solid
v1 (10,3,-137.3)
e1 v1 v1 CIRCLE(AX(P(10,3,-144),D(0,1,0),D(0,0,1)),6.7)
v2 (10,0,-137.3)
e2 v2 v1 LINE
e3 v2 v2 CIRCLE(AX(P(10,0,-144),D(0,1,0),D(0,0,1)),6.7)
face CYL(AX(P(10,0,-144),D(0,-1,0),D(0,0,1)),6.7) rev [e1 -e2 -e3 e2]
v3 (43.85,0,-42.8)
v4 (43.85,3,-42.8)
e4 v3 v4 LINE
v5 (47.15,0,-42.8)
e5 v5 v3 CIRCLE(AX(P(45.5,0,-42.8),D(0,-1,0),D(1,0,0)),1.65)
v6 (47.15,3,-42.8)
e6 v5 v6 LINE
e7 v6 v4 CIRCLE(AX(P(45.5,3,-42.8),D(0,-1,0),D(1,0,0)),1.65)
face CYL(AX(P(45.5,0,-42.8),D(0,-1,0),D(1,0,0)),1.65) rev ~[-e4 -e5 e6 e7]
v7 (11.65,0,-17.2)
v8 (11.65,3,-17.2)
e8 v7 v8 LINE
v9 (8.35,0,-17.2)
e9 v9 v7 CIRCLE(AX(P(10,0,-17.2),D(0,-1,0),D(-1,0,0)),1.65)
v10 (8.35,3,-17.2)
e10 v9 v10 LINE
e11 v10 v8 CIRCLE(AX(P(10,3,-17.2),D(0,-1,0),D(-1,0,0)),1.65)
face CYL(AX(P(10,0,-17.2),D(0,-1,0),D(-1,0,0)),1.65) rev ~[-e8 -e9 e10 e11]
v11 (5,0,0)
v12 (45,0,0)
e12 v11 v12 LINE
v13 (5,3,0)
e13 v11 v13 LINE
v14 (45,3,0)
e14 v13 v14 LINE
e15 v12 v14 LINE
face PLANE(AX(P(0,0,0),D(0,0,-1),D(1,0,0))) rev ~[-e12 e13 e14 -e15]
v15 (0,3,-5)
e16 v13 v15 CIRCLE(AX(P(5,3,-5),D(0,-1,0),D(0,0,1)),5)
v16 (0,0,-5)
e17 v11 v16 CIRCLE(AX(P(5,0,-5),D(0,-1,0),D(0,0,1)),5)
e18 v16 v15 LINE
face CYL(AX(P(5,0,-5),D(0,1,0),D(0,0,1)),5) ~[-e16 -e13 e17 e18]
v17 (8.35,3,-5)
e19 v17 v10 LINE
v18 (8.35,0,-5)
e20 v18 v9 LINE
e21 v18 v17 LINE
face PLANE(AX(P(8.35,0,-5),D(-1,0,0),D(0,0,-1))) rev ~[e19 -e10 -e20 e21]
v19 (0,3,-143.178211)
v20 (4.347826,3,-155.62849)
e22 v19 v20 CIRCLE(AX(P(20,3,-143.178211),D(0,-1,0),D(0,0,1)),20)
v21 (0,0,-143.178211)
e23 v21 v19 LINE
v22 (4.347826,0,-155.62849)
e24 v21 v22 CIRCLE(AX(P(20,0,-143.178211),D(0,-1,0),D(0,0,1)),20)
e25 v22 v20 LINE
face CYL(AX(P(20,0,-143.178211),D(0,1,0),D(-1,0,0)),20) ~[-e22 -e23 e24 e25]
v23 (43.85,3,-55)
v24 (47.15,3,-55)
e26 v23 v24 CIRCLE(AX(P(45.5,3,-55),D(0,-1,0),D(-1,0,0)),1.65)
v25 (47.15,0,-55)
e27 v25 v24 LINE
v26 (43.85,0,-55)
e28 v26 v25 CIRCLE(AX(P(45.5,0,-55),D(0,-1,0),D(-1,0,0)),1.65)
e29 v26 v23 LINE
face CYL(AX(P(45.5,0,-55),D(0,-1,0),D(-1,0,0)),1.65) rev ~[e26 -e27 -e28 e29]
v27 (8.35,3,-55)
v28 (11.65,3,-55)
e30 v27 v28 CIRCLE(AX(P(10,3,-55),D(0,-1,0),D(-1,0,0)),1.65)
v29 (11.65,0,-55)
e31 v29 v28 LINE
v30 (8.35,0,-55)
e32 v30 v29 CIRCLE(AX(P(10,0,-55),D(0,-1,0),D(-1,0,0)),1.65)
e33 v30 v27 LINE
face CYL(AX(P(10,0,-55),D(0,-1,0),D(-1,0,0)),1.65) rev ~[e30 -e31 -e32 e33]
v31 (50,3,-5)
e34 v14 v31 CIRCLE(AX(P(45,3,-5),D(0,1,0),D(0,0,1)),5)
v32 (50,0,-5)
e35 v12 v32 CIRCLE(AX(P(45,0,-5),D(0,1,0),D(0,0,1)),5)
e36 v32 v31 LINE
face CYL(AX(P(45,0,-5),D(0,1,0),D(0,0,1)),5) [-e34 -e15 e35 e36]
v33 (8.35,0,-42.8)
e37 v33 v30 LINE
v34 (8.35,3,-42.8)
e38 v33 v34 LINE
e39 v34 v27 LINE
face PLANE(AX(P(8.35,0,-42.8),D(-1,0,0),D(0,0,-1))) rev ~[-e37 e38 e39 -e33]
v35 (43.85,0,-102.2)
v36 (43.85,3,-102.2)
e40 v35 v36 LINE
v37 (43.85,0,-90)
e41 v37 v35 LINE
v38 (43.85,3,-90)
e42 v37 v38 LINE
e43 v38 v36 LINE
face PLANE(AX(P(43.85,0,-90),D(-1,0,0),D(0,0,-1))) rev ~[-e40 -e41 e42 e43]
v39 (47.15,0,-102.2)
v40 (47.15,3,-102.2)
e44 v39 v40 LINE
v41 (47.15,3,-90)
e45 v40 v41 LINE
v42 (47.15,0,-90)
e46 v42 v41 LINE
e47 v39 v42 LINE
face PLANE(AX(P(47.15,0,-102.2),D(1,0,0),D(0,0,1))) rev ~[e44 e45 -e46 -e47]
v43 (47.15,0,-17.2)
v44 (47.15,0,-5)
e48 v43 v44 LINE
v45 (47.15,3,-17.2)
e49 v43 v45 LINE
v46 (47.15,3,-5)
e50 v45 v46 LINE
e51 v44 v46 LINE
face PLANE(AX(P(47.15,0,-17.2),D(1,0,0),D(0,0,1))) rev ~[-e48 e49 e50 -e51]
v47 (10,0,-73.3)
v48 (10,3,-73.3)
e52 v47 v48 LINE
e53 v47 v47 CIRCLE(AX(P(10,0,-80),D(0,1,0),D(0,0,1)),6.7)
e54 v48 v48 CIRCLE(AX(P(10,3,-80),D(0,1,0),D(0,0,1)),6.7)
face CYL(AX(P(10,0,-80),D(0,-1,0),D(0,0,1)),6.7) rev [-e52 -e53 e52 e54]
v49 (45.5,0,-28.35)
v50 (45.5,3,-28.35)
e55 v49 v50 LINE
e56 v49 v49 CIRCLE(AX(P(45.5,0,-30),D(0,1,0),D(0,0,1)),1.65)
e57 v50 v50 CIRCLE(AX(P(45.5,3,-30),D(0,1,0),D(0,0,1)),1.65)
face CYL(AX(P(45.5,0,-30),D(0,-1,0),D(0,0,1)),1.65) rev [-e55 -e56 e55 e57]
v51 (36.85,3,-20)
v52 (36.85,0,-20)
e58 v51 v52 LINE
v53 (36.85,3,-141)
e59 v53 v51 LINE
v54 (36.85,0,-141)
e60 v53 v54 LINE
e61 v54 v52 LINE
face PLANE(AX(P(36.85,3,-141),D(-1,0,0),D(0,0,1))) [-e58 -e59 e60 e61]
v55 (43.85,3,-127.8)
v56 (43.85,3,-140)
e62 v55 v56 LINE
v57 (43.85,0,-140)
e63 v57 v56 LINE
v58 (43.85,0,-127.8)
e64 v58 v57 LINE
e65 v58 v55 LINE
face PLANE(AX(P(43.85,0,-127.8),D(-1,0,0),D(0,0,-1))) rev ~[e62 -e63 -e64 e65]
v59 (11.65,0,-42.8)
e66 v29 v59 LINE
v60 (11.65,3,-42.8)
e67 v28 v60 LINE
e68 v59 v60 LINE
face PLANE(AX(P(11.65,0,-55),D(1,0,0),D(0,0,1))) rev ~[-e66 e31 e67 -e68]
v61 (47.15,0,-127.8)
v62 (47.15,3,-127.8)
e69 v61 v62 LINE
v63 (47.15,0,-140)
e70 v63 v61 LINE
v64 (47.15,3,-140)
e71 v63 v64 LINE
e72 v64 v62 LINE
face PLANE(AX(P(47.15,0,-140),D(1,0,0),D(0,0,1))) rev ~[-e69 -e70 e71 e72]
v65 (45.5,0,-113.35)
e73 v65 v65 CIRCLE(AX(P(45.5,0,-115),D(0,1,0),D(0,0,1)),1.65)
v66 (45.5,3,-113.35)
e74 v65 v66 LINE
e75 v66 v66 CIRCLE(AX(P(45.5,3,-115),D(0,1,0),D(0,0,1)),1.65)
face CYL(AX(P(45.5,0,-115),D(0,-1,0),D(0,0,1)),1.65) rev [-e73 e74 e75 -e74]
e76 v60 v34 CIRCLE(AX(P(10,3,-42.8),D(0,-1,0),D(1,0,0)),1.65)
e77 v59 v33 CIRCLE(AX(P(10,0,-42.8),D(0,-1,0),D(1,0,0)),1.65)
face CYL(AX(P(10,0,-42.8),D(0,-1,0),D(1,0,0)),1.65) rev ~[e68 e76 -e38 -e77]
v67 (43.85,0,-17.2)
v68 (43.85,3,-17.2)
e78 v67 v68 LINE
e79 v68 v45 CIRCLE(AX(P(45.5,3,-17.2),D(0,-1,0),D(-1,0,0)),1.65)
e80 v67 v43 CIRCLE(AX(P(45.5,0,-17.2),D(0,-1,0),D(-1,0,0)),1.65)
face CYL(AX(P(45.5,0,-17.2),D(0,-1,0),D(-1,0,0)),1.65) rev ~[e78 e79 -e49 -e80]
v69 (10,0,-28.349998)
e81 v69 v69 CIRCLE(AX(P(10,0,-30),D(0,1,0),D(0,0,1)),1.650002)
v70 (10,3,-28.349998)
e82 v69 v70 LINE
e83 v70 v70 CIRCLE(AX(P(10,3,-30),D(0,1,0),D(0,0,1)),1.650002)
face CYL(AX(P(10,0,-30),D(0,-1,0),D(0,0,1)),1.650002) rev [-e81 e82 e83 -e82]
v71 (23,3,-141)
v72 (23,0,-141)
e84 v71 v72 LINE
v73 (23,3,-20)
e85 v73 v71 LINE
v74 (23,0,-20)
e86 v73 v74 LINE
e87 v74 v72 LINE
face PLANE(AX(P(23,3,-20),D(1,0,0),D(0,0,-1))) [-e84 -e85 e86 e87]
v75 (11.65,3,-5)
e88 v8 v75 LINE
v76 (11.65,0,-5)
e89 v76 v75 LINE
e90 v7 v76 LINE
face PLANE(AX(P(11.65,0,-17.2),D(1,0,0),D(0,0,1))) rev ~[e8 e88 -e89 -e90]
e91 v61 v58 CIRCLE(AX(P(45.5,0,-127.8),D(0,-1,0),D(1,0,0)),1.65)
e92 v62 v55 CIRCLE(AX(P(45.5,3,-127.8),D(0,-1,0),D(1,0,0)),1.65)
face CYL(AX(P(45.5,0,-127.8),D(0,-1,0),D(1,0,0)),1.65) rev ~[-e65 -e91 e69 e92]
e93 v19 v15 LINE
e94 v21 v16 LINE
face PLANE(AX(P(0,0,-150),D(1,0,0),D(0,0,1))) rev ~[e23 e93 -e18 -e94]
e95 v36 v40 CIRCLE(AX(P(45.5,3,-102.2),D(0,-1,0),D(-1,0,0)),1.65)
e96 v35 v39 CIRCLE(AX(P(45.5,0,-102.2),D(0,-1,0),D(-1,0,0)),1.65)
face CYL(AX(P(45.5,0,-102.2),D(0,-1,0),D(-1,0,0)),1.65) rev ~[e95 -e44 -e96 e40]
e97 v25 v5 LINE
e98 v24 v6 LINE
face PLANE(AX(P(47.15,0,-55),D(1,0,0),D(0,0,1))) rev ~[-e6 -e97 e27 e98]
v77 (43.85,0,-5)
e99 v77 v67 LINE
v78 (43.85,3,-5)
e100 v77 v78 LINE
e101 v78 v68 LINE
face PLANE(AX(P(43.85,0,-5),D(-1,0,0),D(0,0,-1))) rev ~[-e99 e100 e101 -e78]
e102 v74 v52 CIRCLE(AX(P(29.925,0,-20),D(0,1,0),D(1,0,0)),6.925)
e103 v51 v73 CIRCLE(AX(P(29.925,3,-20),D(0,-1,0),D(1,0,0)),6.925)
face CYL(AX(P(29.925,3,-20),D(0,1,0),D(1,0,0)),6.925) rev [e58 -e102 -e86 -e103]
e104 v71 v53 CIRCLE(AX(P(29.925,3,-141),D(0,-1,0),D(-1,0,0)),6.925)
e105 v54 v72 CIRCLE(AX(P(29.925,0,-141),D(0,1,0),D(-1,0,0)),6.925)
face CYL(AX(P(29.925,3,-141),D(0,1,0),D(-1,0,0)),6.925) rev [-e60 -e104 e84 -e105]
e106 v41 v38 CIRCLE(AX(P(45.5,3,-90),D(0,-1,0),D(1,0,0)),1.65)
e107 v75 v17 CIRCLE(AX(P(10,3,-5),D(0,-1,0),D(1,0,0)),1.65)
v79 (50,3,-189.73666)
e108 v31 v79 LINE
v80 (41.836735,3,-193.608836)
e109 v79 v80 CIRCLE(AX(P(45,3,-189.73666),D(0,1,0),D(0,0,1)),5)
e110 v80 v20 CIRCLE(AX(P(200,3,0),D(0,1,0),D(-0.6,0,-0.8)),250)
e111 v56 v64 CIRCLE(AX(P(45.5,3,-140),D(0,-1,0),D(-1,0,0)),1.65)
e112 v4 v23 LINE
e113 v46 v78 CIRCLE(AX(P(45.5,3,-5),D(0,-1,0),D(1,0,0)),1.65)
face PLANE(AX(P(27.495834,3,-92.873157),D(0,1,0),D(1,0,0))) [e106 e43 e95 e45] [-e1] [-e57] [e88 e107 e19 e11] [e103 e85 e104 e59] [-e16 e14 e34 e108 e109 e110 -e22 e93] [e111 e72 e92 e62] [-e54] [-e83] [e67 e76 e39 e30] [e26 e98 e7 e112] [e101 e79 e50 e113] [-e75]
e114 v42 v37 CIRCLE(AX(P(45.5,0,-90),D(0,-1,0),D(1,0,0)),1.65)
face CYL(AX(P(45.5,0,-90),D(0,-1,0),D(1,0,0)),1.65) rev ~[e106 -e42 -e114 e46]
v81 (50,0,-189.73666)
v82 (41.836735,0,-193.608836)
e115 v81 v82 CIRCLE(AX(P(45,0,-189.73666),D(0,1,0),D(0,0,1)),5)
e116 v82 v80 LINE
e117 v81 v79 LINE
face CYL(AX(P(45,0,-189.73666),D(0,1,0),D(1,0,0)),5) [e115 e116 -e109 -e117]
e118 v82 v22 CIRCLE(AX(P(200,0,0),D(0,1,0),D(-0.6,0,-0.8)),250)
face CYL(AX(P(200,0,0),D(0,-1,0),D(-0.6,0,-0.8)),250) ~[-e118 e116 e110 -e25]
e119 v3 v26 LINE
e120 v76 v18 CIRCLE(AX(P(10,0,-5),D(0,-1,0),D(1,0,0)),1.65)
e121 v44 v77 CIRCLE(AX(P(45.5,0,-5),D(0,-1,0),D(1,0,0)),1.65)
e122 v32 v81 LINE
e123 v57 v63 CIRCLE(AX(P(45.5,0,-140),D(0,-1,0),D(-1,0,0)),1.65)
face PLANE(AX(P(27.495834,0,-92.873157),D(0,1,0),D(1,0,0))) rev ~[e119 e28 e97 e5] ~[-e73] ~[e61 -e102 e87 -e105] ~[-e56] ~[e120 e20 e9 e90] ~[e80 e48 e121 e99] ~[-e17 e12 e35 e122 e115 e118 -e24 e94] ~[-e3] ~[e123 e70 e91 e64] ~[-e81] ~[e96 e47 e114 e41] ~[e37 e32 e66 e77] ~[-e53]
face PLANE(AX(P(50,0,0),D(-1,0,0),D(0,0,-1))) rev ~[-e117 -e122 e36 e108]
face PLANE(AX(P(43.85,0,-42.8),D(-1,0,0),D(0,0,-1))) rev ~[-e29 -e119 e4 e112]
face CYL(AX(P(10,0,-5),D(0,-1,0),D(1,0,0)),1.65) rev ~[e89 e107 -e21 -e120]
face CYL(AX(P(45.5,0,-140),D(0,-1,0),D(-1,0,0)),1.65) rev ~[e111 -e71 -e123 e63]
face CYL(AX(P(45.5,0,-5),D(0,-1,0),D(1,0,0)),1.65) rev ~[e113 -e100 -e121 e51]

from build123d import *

# Parameters (mm, degrees)
SKETCH_1_R          = 6.7
SKETCH_1_R_2        = 1.650002274
SKETCH_1_R_3        = 1.65
EXTRUDE_1_DEPTH     = 3
FILLET_1_R          = 5
FILLET_2_R          = 20
CUT_EXTRUDE_1_DEPTH = 202.075524607


with BuildPart() as part:
    # 草图1 → 凸台-拉伸1 (new body)
    with BuildSketch(Plane(origin=(0, 0, 0), x_dir=(1, 0, 0), z_dir=(0, 1, 0))):
        with BuildLine():
            Line((0, 0), (50, 0))
            Line((50, 0), (50, 200))
            ThreePointArc((50, 200), (23.223304703, 176.776695297), (0, 150))
            Line((0, 150), (0, 0))
        make_face()
        with Locations(Location((10, 80, 0), (0, 0, 270))):
            Circle(SKETCH_1_R, mode=Mode.SUBTRACT)
        with Locations(Location((10, 144, 0), (0, 0, 270))):
            Circle(SKETCH_1_R, mode=Mode.SUBTRACT)
        with Locations(Location((10, 30, 0), (0, 0, 270))):
            Circle(SKETCH_1_R_2, mode=Mode.SUBTRACT)
        with Locations(Location((45.5, 30, 0), (0, 0, 270))):
            Circle(SKETCH_1_R_3, mode=Mode.SUBTRACT)
        with Locations(Location((45.5, 115, 0), (0, 0, 270))):
            Circle(SKETCH_1_R_3, mode=Mode.SUBTRACT)
        with BuildLine():
            Line((8.35, 5), (8.35, 17.2))
            ThreePointArc((8.35, 17.2), (10, 18.85), (11.65, 17.2))
            Line((11.65, 17.2), (11.65, 5))
            ThreePointArc((11.65, 5), (10, 3.35), (8.35, 5))
        make_face(mode=Mode.SUBTRACT)
        with BuildLine():
            Line((8.35, 42.8), (8.35, 55))
            ThreePointArc((8.35, 55), (10, 56.65), (11.65, 55))
            Line((11.65, 55), (11.65, 42.8))
            ThreePointArc((11.65, 42.8), (10, 41.15), (8.35, 42.8))
        make_face(mode=Mode.SUBTRACT)
        with BuildLine():
            Line((43.85, 5), (43.85, 17.2))
            ThreePointArc((43.85, 17.2), (45.5, 18.85), (47.15, 17.2))
            Line((47.15, 17.2), (47.15, 5))
            ThreePointArc((47.15, 5), (45.5, 3.35), (43.85, 5))
        make_face(mode=Mode.SUBTRACT)
        with BuildLine():
            Line((43.85, 42.8), (43.85, 55))
            ThreePointArc((43.85, 55), (45.5, 56.65), (47.15, 55))
            Line((47.15, 55), (47.15, 42.8))
            ThreePointArc((47.15, 42.8), (45.5, 41.15), (43.85, 42.8))
        make_face(mode=Mode.SUBTRACT)
        with BuildLine():
            Line((43.85, 90), (43.85, 102.2))
            ThreePointArc((43.85, 102.2), (45.5, 103.85), (47.15, 102.2))
            Line((47.15, 102.2), (47.15, 90))
            ThreePointArc((47.15, 90), (45.5, 88.35), (43.85, 90))
        make_face(mode=Mode.SUBTRACT)
        with BuildLine():
            Line((43.85, 127.8), (43.85, 140))
            ThreePointArc((43.85, 140), (45.5, 141.65), (47.15, 140))
            Line((47.15, 140), (47.15, 127.8))
            ThreePointArc((47.15, 127.8), (45.5, 126.15), (43.85, 127.8))
        make_face(mode=Mode.SUBTRACT)
    extrude(amount=EXTRUDE_1_DEPTH)

    # 圆角1
    fillet_1_edges = [part.edges().sort_by_distance(p)[0] for p in [
        (50, 1.5, -200),
        (50, 1.5, 0),
        (0, 1.5, 0),
    ]]
    fillet(fillet_1_edges, radius=FILLET_1_R)

    # 圆角2
    fillet_2_edges = [part.edges().sort_by_distance(p)[0] for p in [
        (0, 1.5, -150),
    ]]
    fillet(fillet_2_edges, radius=FILLET_2_R)

    # 草图2 → 切除-拉伸1 (cut, through all)
    with BuildSketch(Plane(origin=(0, 3, 0), x_dir=(1, 0, 0), z_dir=(0, 1, 0))):
        with BuildLine():
            Line((36.85, 141), (36.85, 20))
            ThreePointArc((36.85, 20), (29.925, 13.075), (23, 20))
            Line((23, 20), (23, 141))
            ThreePointArc((23, 141), (29.925, 147.925), (36.85, 141))
        make_face()
    extrude(amount=-CUT_EXTRUDE_1_DEPTH, mode=Mode.SUBTRACT)


solid = part.part
